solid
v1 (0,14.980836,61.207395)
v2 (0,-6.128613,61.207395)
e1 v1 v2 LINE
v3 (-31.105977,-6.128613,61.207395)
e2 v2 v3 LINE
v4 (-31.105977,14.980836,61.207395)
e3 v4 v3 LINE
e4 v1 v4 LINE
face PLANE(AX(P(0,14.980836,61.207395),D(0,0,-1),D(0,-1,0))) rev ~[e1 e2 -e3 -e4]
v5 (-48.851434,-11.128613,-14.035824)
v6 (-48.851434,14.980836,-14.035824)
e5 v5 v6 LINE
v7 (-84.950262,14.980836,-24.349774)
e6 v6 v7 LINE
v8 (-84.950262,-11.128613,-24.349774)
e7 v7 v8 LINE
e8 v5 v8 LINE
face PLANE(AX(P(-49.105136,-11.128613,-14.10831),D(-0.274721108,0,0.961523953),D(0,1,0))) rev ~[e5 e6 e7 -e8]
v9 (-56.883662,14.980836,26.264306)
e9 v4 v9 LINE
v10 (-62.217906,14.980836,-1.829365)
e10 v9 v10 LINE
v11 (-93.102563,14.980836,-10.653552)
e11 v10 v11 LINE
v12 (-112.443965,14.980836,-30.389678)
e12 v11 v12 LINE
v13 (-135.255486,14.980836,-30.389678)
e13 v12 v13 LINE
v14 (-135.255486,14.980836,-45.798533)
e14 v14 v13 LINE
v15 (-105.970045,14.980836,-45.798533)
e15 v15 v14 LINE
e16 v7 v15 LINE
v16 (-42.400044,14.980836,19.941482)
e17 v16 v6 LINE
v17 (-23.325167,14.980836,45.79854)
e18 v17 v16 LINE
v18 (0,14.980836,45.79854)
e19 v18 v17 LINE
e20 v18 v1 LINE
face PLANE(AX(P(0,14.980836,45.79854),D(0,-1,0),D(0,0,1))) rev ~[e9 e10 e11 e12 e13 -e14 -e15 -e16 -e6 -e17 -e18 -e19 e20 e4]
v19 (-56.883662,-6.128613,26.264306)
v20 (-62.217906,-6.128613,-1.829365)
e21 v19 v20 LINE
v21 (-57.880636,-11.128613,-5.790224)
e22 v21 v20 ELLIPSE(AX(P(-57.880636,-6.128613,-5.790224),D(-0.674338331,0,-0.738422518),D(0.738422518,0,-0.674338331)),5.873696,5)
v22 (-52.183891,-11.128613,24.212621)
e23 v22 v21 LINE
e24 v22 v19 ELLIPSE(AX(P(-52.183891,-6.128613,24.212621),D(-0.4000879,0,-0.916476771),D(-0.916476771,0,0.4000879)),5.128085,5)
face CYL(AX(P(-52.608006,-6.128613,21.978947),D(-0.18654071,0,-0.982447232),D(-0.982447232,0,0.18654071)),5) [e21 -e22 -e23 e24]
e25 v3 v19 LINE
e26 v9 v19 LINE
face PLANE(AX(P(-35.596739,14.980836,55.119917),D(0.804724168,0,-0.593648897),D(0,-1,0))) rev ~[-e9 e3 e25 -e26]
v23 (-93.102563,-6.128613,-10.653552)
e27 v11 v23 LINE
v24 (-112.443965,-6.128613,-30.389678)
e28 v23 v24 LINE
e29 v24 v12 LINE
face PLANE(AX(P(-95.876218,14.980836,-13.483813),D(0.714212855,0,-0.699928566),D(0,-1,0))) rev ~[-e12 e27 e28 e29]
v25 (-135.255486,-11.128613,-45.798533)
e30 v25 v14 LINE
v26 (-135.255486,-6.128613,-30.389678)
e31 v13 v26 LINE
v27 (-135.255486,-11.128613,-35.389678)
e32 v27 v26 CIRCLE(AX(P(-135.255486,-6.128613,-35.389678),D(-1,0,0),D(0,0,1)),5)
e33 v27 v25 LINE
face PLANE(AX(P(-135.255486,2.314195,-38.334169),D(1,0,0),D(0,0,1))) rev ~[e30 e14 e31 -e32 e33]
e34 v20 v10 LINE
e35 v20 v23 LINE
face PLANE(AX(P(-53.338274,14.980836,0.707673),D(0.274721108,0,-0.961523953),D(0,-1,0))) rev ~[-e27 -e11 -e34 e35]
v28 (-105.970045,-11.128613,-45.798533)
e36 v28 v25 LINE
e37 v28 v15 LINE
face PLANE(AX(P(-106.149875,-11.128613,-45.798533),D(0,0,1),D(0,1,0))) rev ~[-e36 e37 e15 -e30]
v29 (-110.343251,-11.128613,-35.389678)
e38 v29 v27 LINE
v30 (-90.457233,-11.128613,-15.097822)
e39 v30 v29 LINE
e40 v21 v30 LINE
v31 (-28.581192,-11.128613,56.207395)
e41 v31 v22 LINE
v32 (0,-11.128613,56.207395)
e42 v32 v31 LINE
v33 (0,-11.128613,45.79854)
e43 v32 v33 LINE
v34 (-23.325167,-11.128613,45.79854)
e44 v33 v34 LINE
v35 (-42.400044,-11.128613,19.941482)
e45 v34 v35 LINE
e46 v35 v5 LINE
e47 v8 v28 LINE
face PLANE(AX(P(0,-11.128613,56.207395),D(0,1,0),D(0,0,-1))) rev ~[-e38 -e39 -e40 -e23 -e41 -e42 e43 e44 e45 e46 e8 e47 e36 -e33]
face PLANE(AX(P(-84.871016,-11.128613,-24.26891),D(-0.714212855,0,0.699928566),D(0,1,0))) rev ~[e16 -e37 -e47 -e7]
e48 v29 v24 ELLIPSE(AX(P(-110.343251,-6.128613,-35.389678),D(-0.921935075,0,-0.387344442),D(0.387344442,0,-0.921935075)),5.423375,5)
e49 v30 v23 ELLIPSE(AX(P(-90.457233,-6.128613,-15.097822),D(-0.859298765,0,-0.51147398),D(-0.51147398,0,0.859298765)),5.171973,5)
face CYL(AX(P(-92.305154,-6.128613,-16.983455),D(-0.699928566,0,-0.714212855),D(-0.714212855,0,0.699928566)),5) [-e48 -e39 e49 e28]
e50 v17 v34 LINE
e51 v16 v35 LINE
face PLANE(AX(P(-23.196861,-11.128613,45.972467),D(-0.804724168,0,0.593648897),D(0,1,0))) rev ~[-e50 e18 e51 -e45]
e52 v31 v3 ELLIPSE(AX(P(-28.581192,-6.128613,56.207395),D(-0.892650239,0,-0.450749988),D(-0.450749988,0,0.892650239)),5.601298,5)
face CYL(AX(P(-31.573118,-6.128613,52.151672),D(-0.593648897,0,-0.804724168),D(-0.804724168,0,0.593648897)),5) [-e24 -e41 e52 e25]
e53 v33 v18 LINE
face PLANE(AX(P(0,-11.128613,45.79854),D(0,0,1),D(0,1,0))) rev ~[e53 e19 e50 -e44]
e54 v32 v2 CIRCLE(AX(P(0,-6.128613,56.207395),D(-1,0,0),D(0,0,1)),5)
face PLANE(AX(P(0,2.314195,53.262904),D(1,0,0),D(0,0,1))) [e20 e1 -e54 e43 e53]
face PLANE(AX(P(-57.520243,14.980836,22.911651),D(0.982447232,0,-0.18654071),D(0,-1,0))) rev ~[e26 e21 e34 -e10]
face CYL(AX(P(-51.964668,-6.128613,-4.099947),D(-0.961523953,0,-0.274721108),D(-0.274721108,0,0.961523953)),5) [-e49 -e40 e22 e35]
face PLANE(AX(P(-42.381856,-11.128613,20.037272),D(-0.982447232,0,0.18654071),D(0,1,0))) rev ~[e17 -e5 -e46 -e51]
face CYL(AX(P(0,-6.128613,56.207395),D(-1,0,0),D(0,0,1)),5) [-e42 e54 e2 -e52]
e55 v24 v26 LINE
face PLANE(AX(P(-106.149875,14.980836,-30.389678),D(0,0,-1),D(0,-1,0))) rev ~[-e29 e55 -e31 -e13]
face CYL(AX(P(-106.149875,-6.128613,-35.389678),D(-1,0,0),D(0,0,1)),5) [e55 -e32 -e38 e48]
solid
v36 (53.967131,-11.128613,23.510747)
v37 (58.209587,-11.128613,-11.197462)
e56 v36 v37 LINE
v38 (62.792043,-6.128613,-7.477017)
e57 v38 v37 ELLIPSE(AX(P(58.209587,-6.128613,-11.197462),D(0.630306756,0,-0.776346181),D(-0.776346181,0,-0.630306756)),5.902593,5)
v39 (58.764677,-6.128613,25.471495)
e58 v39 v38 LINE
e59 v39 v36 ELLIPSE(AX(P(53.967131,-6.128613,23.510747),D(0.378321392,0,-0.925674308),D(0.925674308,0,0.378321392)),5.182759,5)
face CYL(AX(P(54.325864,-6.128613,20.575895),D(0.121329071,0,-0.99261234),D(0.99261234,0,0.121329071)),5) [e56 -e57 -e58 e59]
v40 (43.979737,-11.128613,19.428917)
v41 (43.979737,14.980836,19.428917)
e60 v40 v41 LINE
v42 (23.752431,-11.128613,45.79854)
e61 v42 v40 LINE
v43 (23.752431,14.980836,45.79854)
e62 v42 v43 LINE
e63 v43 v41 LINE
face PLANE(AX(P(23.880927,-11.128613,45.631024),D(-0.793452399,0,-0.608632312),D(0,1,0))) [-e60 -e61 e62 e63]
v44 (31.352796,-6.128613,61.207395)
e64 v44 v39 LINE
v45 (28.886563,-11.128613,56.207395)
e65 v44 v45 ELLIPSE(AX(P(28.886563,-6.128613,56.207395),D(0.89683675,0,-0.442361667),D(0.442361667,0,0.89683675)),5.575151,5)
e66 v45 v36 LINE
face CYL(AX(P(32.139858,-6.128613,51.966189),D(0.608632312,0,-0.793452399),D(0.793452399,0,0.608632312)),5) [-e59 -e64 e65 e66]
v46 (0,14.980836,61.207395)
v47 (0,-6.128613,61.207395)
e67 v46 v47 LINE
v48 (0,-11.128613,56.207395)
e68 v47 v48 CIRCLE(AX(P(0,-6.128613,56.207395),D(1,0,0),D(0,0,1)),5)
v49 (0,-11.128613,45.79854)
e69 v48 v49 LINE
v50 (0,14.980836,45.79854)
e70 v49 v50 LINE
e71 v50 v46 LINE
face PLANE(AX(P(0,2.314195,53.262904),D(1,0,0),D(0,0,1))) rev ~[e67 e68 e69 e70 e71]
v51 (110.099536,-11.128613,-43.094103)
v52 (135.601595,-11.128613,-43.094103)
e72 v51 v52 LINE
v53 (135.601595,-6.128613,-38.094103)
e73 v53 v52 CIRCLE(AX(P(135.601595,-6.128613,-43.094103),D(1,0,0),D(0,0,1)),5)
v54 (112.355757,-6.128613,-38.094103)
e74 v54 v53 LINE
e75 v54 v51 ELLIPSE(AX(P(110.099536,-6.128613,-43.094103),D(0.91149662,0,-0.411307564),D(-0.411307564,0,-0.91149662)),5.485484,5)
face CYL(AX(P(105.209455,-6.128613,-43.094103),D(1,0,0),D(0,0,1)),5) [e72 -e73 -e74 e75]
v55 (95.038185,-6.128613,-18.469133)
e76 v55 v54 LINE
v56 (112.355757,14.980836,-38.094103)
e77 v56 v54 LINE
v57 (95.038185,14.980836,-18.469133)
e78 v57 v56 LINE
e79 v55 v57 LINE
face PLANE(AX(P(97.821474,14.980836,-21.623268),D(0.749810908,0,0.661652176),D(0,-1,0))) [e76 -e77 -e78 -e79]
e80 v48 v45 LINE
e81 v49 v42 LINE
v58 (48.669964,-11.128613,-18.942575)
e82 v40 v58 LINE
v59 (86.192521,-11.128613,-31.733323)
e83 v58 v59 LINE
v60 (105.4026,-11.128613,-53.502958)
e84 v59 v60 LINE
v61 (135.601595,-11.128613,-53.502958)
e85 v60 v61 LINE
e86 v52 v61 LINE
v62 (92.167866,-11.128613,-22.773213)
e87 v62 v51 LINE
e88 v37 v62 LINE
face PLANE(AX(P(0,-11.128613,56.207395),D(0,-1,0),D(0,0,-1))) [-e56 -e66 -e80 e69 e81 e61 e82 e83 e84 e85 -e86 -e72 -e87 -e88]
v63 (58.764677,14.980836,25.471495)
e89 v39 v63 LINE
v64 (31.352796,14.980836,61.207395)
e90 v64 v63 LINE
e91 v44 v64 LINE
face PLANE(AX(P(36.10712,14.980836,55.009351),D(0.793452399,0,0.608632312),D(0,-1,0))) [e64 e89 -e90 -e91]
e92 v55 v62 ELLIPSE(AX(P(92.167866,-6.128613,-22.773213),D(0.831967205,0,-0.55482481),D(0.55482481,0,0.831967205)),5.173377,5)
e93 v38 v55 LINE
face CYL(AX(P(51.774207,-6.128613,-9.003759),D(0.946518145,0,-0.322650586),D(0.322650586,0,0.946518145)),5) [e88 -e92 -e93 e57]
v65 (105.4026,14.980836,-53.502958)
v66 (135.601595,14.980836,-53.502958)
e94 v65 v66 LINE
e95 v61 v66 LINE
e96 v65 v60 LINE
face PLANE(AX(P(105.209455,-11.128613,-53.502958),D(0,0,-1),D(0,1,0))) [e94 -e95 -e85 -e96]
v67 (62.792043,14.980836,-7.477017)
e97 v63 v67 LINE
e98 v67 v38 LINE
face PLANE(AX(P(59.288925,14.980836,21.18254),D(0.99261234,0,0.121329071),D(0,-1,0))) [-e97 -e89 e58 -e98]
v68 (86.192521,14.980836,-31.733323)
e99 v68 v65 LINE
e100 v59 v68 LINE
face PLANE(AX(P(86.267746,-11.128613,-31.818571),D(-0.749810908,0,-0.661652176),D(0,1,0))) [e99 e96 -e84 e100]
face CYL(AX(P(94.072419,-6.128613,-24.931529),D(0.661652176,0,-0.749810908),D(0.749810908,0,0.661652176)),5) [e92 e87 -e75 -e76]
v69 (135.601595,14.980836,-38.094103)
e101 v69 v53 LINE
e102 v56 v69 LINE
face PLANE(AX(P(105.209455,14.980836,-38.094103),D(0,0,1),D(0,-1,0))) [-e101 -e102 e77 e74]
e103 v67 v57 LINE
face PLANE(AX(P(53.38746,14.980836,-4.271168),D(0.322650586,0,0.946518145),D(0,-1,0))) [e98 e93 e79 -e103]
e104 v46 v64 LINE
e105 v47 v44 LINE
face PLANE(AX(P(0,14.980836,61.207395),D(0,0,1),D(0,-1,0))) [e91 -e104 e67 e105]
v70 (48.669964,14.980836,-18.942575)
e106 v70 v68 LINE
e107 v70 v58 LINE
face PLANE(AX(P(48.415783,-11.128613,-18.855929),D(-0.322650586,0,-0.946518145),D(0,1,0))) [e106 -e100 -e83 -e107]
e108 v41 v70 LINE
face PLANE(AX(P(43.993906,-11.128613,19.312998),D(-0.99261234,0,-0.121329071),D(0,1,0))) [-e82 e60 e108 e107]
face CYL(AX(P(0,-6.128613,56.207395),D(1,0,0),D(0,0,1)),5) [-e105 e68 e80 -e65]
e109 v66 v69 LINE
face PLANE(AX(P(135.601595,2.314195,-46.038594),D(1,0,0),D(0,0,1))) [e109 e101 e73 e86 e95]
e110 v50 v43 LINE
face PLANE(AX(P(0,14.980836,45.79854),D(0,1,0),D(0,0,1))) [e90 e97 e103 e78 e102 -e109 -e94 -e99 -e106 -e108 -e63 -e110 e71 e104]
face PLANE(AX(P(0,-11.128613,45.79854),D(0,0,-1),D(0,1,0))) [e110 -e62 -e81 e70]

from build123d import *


with BuildPart() as f2:
    # F2: sweep along a path in F1
    with BuildLine(Plane.XZ) as f2_path:
        Line((0, 46.2265610695), (-23.5412996262, 46.2265610695))
        Line((-23.5412996262, 46.2265610695), (-42.8023636341, 20.1171152294))
        Line((-42.8023636341, 20.1171152294), (-49.2227226496, -13.6967580765))
        Line((-49.2227226496, -13.6967580765), (-85.1767137647, -23.9693261683))
        Line((-85.1767137647, -23.9693261683), (-106.1498746276, -45.3705117106))
        Line((-106.1498746276, -45.3705117106), (-135.2554857731, -45.3705117106))
    # F0 (on Right) → F2 (sweep)
    with BuildSketch(Plane.YZ):
        with BuildLine():
            Line((14.9808358401, 61.2073950469), (-6.128612794, 61.2073950469))
            ThreePointArc((-6.128612794, 61.2073950469), (-9.6641466999, 59.7429289529), (-11.128612794, 56.2073950469))
            Line((-11.128612794, 56.2073950469), (-11.128612794, 45.7985401154))
            Line((-11.128612794, 45.7985401154), (14.9808358401, 45.7985401154))
            Line((14.9808358401, 45.7985401154), (14.9808358401, 61.2073950469))
        make_face()
    sweep(path=f2_path.line, transition=Transition.RIGHT)


with BuildPart() as f4:
    # F4: sweep along a path in F3
    with BuildLine(Plane.XZ) as f4_path:
        Line((0, 45.3705117106), (23.5413070768, 45.3705117106))
        Line((23.5413070768, 45.3705117106), (43.5690395534, 19.2610658705))
        Line((43.5690395534, 19.2610658705), (48.2776798308, -19.2610658705))
        Line((48.2776798308, -19.2610658705), (85.9468057752, -32.1017764509))
        Line((85.9468057752, -32.1017764509), (105.2094548941, -53.9309866726))
        Line((105.2094548941, -53.9309866726), (135.6015950441, -53.9309866726))
    # F0 (on Right) → F4 (sweep)
    with BuildSketch(Plane.YZ):
        with BuildLine():
            Line((14.9808358401, 61.2073950469), (-6.128612794, 61.2073950469))
            ThreePointArc((-6.128612794, 61.2073950469), (-9.6641466999, 59.7429289529), (-11.128612794, 56.2073950469))
            Line((-11.128612794, 56.2073950469), (-11.128612794, 45.7985401154))
            Line((-11.128612794, 45.7985401154), (14.9808358401, 45.7985401154))
            Line((14.9808358401, 45.7985401154), (14.9808358401, 61.2073950469))
        make_face()
    sweep(path=f4_path.line, transition=Transition.RIGHT)


solid = Compound([f2.part, f4.part])
